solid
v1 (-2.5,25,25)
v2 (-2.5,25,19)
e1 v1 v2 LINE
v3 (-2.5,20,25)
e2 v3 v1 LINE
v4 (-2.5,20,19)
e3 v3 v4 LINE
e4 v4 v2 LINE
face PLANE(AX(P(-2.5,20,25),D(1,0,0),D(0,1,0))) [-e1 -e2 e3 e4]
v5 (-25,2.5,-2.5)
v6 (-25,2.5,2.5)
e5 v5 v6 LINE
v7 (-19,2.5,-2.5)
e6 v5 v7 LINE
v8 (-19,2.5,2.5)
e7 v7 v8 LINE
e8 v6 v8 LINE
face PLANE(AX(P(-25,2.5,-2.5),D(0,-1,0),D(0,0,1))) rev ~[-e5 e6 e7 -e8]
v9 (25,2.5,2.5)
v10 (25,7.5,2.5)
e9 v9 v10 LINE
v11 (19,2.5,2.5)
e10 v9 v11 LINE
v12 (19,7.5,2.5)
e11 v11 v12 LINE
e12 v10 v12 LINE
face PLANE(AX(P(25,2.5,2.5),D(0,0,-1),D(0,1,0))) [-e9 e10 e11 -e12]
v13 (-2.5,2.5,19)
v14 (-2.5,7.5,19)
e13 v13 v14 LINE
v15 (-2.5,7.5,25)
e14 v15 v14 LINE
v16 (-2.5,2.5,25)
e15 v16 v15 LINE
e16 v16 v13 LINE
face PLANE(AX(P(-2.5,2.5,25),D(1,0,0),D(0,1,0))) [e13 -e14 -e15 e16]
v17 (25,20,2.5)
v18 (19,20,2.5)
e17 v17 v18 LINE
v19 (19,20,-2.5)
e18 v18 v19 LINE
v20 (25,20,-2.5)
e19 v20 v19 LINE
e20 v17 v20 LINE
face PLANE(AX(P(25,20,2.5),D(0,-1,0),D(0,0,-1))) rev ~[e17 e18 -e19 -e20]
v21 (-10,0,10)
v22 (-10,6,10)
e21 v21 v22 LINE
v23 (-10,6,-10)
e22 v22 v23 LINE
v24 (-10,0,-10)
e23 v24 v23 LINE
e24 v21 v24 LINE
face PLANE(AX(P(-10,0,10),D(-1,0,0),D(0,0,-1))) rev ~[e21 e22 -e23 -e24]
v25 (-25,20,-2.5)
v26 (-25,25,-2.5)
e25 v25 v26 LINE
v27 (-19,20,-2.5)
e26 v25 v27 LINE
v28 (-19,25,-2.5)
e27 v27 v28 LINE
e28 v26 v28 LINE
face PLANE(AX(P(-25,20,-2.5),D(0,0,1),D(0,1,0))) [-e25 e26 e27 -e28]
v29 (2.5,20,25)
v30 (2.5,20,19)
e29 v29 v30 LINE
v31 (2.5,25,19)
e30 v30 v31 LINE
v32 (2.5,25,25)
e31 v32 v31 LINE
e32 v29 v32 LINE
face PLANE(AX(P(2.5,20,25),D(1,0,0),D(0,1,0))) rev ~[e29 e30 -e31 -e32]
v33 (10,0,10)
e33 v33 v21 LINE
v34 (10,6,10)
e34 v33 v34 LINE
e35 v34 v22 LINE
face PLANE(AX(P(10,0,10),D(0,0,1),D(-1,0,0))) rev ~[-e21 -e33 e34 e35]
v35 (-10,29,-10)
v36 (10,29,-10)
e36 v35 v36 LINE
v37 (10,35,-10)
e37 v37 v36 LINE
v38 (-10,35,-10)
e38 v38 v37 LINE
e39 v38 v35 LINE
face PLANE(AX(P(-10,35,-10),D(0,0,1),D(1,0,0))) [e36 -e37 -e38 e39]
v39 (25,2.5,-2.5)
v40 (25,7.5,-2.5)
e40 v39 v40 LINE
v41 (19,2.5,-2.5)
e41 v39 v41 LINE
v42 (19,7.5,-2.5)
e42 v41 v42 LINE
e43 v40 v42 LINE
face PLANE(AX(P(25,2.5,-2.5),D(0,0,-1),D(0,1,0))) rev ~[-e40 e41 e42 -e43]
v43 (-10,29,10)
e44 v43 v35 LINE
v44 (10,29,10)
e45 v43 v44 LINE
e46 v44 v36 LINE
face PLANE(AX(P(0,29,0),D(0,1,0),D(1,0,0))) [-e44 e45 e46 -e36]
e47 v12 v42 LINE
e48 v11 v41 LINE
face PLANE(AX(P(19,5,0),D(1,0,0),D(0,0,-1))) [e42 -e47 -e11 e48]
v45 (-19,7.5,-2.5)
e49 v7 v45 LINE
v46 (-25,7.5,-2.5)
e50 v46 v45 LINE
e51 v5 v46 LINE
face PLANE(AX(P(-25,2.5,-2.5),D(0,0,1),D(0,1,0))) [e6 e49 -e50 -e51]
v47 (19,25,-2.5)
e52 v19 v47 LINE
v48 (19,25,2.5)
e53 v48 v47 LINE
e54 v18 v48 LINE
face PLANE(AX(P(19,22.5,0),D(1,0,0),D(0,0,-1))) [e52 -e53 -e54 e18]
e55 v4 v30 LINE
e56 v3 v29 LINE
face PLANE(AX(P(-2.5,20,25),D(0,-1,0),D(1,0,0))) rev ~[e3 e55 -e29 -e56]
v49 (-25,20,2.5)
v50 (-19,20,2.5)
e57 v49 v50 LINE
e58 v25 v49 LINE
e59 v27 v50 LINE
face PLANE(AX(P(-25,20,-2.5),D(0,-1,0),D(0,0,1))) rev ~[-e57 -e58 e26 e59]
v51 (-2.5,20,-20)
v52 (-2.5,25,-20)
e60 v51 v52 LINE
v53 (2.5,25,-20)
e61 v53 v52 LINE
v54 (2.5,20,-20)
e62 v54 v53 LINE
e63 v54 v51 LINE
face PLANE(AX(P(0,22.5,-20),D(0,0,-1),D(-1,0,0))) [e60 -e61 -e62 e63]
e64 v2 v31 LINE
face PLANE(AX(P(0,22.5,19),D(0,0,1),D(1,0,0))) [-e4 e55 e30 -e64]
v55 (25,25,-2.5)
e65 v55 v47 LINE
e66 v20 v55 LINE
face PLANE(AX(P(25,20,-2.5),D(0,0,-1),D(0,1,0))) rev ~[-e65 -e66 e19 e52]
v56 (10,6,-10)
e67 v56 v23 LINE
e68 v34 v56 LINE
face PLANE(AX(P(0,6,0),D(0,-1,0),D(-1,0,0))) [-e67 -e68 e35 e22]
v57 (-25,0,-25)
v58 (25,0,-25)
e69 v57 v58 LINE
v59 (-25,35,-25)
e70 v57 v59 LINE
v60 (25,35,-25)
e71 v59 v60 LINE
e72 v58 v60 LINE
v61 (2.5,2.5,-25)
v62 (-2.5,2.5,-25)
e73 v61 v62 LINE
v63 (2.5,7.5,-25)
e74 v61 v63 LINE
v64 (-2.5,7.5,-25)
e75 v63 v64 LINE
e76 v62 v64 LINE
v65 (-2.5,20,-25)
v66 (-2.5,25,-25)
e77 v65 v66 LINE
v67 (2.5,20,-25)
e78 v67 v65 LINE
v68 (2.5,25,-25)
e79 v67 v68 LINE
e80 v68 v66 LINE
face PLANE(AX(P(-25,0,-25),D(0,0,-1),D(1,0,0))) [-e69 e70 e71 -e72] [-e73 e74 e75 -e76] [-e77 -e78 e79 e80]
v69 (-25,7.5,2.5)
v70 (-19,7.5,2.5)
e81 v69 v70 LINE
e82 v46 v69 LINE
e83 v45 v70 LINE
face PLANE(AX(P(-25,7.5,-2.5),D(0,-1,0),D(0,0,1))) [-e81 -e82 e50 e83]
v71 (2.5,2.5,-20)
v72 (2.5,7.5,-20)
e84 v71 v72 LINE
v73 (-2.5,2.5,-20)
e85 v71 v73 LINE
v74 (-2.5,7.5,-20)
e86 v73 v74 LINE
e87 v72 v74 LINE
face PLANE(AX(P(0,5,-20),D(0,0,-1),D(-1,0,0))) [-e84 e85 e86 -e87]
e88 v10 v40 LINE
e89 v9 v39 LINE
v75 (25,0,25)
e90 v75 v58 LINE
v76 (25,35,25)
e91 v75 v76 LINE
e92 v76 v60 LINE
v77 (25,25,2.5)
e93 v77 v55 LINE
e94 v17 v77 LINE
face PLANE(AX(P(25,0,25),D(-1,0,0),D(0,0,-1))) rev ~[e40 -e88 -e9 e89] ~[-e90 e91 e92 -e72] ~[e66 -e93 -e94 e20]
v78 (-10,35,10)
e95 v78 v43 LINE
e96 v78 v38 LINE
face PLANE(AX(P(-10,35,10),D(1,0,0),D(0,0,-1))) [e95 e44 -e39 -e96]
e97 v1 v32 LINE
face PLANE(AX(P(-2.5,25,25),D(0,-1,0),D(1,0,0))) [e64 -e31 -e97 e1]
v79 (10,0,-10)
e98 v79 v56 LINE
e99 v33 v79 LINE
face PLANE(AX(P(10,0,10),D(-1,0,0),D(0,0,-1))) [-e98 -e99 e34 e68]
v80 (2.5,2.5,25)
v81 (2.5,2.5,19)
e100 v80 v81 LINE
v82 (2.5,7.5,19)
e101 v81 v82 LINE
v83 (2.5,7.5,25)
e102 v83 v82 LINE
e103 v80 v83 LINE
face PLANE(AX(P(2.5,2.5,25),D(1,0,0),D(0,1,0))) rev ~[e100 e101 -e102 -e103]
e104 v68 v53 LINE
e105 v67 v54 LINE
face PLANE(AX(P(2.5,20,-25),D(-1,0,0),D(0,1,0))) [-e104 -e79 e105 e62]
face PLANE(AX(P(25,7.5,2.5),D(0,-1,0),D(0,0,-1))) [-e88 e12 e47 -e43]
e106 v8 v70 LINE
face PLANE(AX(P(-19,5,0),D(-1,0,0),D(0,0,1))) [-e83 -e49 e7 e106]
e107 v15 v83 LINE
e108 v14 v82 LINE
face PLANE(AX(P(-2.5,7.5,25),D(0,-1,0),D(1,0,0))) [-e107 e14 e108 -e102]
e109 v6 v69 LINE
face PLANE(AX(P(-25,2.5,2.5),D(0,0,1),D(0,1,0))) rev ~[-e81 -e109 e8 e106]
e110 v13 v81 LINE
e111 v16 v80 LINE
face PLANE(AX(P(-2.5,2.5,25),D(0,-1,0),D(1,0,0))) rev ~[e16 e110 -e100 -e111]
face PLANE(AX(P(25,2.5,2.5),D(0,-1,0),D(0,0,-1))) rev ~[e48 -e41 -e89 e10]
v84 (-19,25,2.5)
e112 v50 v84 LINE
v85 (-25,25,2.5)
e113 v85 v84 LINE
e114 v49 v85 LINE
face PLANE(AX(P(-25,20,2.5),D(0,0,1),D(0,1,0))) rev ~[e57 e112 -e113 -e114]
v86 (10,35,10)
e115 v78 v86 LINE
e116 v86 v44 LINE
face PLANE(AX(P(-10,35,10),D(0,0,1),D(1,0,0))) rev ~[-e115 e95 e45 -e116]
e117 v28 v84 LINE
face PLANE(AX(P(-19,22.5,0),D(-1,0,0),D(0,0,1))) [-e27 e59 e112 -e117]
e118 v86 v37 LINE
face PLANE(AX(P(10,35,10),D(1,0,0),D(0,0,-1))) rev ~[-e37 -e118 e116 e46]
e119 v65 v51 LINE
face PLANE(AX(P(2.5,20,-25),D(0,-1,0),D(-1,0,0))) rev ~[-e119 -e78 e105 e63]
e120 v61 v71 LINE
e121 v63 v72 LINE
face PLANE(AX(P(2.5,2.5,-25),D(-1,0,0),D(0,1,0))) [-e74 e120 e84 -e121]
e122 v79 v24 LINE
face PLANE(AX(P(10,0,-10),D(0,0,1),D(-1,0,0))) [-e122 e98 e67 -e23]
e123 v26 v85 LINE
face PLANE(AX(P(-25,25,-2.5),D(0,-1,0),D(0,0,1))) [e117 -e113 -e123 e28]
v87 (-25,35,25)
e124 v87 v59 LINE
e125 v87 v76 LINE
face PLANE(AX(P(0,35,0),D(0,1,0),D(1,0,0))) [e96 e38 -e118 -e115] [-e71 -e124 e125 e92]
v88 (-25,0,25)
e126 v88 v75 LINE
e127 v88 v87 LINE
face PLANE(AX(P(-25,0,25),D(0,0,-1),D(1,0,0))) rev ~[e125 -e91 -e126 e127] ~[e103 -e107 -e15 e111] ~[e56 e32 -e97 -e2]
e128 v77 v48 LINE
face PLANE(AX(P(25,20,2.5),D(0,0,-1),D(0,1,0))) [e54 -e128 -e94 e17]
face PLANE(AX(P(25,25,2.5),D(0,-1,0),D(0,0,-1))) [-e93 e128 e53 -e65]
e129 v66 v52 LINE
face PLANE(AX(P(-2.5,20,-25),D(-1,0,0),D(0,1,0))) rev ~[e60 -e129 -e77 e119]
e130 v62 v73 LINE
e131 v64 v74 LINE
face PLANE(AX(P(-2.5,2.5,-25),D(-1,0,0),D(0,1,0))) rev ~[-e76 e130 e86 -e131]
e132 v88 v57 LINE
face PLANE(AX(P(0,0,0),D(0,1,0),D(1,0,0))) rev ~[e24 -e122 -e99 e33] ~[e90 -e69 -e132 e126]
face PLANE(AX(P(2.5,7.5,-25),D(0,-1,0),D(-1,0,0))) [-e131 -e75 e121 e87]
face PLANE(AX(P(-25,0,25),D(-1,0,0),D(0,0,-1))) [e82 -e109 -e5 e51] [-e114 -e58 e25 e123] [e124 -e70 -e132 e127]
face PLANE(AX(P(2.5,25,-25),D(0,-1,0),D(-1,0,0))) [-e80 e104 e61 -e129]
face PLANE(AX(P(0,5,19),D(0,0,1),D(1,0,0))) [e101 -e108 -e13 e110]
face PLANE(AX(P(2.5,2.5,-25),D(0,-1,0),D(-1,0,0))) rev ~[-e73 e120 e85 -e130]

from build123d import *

# Parameters (mm, degrees)
SKETCH1_W           = 50
SKETCH1_H           = 50
BOSS_EXTRUDE1_DEPTH = 35
SKETCH3_W           = 5
SKETCH3_H           = 5
CUT_EXTRUDE2_DEPTH  = 6
SKETCH4_W           = 5
SKETCH4_H           = 5
CUT_EXTRUDE3_DEPTH  = 5
SKETCH5_W           = 5
SKETCH5_H           = 5
CUT_EXTRUDE4_DEPTH  = 6
SKETCH6_W           = 5
SKETCH6_H           = 5
CUT_EXTRUDE5_DEPTH  = 6
SKETCH7_W           = 20
SKETCH7_H           = 20
CUT_EXTRUDE6_DEPTH  = 6
SKETCH8_W           = 20
SKETCH8_H           = 20
CUT_EXTRUDE7_DEPTH  = 6


with BuildPart() as part:
    # Sketch1 → Boss-Extrude1 (new body)
    with BuildSketch(Plane(origin=(0, 0, 0), x_dir=(1, 0, 0), z_dir=(0, 1, 0))):
        Rectangle(SKETCH1_W, SKETCH1_H)
    extrude(amount=BOSS_EXTRUDE1_DEPTH)

    # Sketch3 → Cut-Extrude2 (cut)
    with BuildSketch(Plane.ZY.offset(25)):
        with Locations((0, 5)):
            Rectangle(SKETCH3_W, SKETCH3_H)
        with Locations((0, 22.5)):
            Rectangle(SKETCH3_W, SKETCH3_H)
    extrude(amount=-CUT_EXTRUDE2_DEPTH, mode=Mode.SUBTRACT)

    # Sketch4 → Cut-Extrude3 (cut)
    with BuildSketch(Plane(origin=(0, 0, -25), x_dir=(-1, 0, 0), z_dir=(0, 0, -1))):
        with Locations((0, 5)):
            Rectangle(SKETCH4_W, SKETCH4_H)
        with Locations((0, 22.5)):
            Rectangle(SKETCH4_W, SKETCH4_H)
    extrude(amount=-CUT_EXTRUDE3_DEPTH, mode=Mode.SUBTRACT)

    # Sketch5 → Cut-Extrude4 (cut)
    with BuildSketch(Plane(origin=(25, 0, 0), x_dir=(0, 0, -1), z_dir=(1, 0, 0))):
        with Locations((0, 5)):
            Rectangle(SKETCH5_W, SKETCH5_H)
        with Locations((0, 22.5)):
            Rectangle(SKETCH5_W, SKETCH5_H)
    extrude(amount=-CUT_EXTRUDE4_DEPTH, mode=Mode.SUBTRACT)

    # Sketch6 → Cut-Extrude5 (cut)
    with BuildSketch(Plane.XY.offset(25)):
        with Locations((0, 5)):
            Rectangle(SKETCH6_W, SKETCH6_H)
        with Locations((0, 22.5)):
            Rectangle(SKETCH6_W, SKETCH6_H)
    extrude(amount=-CUT_EXTRUDE5_DEPTH, mode=Mode.SUBTRACT)

    # Sketch7 → Cut-Extrude6 (cut)
    with BuildSketch(Plane(origin=(0, 0, 0), x_dir=(-1, 0, 0), z_dir=(0, -1, 0))):
        Rectangle(SKETCH7_W, SKETCH7_H)
    extrude(amount=-CUT_EXTRUDE6_DEPTH, mode=Mode.SUBTRACT)

    # Sketch8 → Cut-Extrude7 (cut)
    with BuildSketch(Plane(origin=(0, 35, 0), x_dir=(1, 0, 0), z_dir=(0, 1, 0))):
        Rectangle(SKETCH8_W, SKETCH8_H)
    extrude(amount=-CUT_EXTRUDE7_DEPTH, mode=Mode.SUBTRACT)


solid = part.part
